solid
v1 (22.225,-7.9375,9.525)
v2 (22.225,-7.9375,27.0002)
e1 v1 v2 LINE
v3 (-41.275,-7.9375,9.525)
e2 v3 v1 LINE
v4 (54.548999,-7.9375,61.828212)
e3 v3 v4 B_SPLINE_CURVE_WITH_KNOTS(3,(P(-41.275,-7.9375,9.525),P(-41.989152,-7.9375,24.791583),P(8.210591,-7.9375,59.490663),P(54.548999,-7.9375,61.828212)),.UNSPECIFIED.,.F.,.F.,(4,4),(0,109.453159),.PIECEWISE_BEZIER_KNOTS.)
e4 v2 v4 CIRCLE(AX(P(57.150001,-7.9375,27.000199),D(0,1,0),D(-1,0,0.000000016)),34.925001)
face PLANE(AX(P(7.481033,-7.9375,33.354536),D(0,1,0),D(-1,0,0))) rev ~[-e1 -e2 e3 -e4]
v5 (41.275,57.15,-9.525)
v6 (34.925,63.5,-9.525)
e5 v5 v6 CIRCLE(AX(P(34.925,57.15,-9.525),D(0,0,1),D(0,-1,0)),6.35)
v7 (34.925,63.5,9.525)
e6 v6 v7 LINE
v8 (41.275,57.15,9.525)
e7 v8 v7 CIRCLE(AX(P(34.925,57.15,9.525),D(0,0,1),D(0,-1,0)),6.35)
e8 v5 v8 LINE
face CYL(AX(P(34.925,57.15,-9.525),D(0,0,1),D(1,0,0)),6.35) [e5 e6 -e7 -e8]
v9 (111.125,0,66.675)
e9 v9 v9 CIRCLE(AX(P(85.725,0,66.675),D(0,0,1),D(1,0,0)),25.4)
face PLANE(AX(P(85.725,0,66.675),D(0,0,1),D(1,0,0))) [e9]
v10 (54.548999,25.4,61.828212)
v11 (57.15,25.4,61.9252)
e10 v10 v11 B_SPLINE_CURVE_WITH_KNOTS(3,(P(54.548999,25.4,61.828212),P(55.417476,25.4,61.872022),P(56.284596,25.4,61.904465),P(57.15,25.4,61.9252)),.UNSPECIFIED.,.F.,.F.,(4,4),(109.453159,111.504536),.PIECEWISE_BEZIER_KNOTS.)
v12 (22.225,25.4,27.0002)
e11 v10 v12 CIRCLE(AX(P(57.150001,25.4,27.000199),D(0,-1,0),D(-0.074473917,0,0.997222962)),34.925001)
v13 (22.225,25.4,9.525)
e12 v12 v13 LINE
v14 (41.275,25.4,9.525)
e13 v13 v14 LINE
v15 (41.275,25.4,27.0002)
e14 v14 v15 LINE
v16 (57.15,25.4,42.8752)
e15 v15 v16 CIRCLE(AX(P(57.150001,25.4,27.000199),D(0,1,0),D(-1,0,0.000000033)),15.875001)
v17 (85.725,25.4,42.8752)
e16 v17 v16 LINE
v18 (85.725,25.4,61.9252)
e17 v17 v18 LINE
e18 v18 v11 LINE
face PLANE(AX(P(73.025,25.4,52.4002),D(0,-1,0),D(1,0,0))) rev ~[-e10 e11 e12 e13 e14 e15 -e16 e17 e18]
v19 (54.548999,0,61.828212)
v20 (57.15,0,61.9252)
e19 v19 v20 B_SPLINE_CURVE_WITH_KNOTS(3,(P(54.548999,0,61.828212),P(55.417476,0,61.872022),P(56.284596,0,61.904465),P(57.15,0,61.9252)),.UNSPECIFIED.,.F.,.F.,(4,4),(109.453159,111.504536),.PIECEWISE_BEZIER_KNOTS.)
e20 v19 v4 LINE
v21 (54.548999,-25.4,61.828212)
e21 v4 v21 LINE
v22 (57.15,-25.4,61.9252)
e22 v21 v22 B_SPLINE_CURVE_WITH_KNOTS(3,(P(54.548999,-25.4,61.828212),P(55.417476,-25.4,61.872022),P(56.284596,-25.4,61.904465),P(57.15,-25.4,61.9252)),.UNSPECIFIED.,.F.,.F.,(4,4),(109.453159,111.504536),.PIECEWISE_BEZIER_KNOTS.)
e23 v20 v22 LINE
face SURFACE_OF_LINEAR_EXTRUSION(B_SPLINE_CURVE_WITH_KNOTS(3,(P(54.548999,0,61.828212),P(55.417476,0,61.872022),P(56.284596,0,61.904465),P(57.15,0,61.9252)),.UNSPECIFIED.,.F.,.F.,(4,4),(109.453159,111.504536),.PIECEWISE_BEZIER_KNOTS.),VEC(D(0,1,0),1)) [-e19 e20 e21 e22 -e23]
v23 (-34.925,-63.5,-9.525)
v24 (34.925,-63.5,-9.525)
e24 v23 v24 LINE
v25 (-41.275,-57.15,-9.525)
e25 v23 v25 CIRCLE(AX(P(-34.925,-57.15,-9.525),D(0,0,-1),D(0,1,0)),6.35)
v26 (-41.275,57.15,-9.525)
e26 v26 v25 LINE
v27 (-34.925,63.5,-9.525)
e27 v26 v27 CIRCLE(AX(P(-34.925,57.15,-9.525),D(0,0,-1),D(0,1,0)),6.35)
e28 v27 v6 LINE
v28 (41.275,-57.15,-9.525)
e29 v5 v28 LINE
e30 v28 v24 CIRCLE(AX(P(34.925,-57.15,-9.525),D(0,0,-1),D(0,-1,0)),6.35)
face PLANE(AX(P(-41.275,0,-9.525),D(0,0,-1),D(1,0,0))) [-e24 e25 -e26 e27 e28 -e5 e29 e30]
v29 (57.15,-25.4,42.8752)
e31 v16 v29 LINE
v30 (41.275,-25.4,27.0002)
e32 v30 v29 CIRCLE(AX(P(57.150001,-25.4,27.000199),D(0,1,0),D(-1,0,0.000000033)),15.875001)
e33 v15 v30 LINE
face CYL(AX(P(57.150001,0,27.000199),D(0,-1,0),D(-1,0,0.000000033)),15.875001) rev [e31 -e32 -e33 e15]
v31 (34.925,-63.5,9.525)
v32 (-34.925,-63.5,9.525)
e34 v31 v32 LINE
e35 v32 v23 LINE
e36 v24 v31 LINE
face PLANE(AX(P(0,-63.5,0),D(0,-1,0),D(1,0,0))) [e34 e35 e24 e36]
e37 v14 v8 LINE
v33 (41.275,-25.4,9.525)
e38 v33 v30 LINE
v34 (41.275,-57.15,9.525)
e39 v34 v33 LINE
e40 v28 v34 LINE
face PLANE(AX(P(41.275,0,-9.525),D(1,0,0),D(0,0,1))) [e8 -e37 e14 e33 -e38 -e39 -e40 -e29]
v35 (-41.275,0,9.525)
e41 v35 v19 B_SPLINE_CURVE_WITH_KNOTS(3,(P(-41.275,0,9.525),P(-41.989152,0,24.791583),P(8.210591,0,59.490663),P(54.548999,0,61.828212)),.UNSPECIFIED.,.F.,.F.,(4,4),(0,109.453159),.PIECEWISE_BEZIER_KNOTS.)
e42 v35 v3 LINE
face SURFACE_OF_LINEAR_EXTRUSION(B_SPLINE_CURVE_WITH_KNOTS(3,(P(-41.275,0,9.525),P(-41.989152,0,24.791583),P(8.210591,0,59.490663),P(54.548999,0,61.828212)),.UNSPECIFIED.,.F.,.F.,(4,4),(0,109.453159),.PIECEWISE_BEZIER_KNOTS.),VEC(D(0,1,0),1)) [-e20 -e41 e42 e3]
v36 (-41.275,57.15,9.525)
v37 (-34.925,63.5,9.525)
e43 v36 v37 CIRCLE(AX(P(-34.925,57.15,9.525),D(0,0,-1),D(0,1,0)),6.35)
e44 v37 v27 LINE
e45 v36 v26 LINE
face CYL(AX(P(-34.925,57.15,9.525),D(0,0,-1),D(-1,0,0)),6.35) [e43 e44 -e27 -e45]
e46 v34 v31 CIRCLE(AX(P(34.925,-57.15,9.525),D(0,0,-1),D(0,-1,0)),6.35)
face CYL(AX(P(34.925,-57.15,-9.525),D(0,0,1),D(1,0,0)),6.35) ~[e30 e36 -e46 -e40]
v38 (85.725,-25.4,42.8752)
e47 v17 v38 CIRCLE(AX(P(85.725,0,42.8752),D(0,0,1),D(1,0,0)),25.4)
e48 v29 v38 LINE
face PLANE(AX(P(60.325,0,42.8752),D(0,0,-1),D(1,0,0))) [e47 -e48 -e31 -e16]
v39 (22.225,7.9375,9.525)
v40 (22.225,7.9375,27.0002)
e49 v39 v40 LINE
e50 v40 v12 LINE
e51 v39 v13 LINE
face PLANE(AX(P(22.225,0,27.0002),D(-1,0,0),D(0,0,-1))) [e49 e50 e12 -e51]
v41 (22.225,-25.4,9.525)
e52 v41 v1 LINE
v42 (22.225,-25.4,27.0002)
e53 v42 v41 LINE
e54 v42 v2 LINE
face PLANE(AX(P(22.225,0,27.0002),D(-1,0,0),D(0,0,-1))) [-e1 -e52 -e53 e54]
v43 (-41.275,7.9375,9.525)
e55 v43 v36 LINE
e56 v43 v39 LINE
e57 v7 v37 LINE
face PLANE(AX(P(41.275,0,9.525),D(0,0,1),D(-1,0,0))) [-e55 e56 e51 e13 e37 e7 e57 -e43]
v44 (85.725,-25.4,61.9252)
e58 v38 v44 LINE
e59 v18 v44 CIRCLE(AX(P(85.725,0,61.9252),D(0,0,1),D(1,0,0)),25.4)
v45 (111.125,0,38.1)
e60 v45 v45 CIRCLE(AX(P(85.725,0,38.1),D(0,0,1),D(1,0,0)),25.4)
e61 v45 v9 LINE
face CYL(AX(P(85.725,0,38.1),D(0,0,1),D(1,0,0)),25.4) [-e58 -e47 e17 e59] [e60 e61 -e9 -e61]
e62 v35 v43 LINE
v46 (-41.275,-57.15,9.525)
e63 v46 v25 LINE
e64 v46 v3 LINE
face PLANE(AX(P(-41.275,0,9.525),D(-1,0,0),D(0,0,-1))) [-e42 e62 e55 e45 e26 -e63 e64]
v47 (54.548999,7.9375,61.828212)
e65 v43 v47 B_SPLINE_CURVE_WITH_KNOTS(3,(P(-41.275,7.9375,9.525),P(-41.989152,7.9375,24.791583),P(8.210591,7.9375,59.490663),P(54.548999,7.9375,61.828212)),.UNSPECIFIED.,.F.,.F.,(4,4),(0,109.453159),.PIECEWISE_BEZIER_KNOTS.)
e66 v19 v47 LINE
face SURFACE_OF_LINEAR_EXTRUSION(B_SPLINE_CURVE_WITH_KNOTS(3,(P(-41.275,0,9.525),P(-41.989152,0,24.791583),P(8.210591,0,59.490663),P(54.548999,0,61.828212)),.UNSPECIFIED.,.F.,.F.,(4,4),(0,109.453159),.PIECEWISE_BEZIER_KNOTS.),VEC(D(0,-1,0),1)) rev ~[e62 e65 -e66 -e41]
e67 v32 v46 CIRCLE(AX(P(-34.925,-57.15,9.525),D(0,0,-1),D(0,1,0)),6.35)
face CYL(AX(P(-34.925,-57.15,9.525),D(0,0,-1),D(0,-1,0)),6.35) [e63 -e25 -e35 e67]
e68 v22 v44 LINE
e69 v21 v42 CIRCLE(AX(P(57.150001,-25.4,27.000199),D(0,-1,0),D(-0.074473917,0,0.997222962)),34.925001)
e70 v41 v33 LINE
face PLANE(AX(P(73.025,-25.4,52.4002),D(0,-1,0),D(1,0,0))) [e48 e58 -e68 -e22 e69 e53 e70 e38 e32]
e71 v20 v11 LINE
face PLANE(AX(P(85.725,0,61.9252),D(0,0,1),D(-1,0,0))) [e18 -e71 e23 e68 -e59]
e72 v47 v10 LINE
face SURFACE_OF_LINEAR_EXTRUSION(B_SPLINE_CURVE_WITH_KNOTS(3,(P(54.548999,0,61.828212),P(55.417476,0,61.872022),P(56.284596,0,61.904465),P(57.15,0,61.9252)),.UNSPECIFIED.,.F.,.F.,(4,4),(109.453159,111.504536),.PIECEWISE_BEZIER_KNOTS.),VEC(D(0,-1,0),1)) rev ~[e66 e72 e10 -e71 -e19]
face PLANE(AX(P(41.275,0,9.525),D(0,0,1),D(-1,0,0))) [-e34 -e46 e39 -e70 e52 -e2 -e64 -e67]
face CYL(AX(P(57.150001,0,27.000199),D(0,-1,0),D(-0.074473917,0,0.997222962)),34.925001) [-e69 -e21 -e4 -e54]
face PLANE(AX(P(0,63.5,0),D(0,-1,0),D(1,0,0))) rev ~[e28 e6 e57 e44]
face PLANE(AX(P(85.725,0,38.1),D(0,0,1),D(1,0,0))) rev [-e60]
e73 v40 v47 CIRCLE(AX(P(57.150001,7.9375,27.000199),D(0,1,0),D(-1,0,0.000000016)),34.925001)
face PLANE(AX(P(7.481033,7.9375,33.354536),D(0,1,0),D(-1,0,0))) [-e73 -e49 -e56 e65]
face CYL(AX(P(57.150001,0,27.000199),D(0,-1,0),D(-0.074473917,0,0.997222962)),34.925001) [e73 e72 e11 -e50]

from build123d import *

# Parameters (mm, degrees)
F1_DEPTH = 63.5
F2_DEPTH = 25.4
F3_DEPTH = 7.9375
F4_DEPTH = 25.4
F6_R     = 6.35


with BuildPart() as f1:
    # F0 (on Front) → F1 (new body, symmetric)
    with BuildSketch(Plane.XZ):
        Polygon((-41.275, 9.525), (-41.275, -9.525), (41.275, -9.525), (41.275, 9.525), (22.225, 9.525), align=None)
    extrude(amount=F1_DEPTH, both=True)

    # F0 (on Front) → F2 (join, symmetric)
    with BuildSketch(Plane.XZ):
        with BuildLine():
            Line((22.225, 9.525), (41.275, 9.525))
            Line((41.275, 9.525), (41.275, 27.0002))
            ThreePointArc((41.275, 27.0002), (45.92468, 38.22552), (57.15, 42.8752))
            Line((57.15, 42.8752), (60.325, 42.8752))
            Line((60.325, 42.8752), (60.325, 61.9252))
            Line((60.325, 61.9252), (57.15, 61.9252))
            add(Edge.make_bspline(
                [(54.548999, 61.828212), (55.417476, 61.872022), (56.284596, 61.904465), (57.15, 61.9252)],
                knots=[109.453159, 109.453159, 109.453159, 109.453159, 111.504536, 111.504536, 111.504536, 111.504536], degree=3))
            ThreePointArc((54.548999, 61.828212), (31.551215, 50.758521), (22.225, 27.0002))
            Line((22.225, 27.0002), (22.225, 9.525))
        make_face()
    extrude(amount=F2_DEPTH, both=True)

    # F0 (on Front) → F3 (join, symmetric)
    with BuildSketch(Plane.XZ):
        with BuildLine():
            add(Edge.make_bspline(
                [(-41.275, 9.525), (-41.989152, 24.791583), (8.210591, 59.490663), (54.548999, 61.828212)],
                knots=[0, 0, 0, 0, 109.453159, 109.453159, 109.453159, 109.453159], degree=3))
            Line((-41.275, 9.525), (22.225, 9.525))
            Line((22.225, 9.525), (22.225, 27.0002))
            ThreePointArc((22.225, 27.0002), (31.551215, 50.758521), (54.548999, 61.828212))
        make_face()
    extrude(amount=F3_DEPTH, both=True)

    # F0 (on Front) → F4 (join, symmetric)
    with BuildSketch(Plane.XZ):
        Polygon((71.658204, 61.9252), (60.325, 61.9252), (60.325, 42.8752), (71.658204, 42.8752), (85.725, 42.8752), (85.725, 61.9252), align=None)
    extrude(amount=F4_DEPTH, both=True)

    # F0 (on Front) → F5 (revolve)
    with BuildSketch(Plane.XZ):
        Polygon((111.125, 66.675), (85.725, 66.675), (85.725, 61.9252), (85.725, 42.8752), (85.725, 38.1), (111.125, 38.1), align=None)
    revolve(axis=Axis((85.725, 0, 52.3875), (0, 0, 1)))

    # F6
    f6_edges = [f1.edges().sort_by_distance(p)[0] for p in [
        (41.275, -63.5, 0),
        (-41.275, -63.5, 0),
        (41.275, 63.5, 0),
        (-41.275, 63.5, 0),
    ]]
    fillet(f6_edges, radius=F6_R)


solid = f1.part
